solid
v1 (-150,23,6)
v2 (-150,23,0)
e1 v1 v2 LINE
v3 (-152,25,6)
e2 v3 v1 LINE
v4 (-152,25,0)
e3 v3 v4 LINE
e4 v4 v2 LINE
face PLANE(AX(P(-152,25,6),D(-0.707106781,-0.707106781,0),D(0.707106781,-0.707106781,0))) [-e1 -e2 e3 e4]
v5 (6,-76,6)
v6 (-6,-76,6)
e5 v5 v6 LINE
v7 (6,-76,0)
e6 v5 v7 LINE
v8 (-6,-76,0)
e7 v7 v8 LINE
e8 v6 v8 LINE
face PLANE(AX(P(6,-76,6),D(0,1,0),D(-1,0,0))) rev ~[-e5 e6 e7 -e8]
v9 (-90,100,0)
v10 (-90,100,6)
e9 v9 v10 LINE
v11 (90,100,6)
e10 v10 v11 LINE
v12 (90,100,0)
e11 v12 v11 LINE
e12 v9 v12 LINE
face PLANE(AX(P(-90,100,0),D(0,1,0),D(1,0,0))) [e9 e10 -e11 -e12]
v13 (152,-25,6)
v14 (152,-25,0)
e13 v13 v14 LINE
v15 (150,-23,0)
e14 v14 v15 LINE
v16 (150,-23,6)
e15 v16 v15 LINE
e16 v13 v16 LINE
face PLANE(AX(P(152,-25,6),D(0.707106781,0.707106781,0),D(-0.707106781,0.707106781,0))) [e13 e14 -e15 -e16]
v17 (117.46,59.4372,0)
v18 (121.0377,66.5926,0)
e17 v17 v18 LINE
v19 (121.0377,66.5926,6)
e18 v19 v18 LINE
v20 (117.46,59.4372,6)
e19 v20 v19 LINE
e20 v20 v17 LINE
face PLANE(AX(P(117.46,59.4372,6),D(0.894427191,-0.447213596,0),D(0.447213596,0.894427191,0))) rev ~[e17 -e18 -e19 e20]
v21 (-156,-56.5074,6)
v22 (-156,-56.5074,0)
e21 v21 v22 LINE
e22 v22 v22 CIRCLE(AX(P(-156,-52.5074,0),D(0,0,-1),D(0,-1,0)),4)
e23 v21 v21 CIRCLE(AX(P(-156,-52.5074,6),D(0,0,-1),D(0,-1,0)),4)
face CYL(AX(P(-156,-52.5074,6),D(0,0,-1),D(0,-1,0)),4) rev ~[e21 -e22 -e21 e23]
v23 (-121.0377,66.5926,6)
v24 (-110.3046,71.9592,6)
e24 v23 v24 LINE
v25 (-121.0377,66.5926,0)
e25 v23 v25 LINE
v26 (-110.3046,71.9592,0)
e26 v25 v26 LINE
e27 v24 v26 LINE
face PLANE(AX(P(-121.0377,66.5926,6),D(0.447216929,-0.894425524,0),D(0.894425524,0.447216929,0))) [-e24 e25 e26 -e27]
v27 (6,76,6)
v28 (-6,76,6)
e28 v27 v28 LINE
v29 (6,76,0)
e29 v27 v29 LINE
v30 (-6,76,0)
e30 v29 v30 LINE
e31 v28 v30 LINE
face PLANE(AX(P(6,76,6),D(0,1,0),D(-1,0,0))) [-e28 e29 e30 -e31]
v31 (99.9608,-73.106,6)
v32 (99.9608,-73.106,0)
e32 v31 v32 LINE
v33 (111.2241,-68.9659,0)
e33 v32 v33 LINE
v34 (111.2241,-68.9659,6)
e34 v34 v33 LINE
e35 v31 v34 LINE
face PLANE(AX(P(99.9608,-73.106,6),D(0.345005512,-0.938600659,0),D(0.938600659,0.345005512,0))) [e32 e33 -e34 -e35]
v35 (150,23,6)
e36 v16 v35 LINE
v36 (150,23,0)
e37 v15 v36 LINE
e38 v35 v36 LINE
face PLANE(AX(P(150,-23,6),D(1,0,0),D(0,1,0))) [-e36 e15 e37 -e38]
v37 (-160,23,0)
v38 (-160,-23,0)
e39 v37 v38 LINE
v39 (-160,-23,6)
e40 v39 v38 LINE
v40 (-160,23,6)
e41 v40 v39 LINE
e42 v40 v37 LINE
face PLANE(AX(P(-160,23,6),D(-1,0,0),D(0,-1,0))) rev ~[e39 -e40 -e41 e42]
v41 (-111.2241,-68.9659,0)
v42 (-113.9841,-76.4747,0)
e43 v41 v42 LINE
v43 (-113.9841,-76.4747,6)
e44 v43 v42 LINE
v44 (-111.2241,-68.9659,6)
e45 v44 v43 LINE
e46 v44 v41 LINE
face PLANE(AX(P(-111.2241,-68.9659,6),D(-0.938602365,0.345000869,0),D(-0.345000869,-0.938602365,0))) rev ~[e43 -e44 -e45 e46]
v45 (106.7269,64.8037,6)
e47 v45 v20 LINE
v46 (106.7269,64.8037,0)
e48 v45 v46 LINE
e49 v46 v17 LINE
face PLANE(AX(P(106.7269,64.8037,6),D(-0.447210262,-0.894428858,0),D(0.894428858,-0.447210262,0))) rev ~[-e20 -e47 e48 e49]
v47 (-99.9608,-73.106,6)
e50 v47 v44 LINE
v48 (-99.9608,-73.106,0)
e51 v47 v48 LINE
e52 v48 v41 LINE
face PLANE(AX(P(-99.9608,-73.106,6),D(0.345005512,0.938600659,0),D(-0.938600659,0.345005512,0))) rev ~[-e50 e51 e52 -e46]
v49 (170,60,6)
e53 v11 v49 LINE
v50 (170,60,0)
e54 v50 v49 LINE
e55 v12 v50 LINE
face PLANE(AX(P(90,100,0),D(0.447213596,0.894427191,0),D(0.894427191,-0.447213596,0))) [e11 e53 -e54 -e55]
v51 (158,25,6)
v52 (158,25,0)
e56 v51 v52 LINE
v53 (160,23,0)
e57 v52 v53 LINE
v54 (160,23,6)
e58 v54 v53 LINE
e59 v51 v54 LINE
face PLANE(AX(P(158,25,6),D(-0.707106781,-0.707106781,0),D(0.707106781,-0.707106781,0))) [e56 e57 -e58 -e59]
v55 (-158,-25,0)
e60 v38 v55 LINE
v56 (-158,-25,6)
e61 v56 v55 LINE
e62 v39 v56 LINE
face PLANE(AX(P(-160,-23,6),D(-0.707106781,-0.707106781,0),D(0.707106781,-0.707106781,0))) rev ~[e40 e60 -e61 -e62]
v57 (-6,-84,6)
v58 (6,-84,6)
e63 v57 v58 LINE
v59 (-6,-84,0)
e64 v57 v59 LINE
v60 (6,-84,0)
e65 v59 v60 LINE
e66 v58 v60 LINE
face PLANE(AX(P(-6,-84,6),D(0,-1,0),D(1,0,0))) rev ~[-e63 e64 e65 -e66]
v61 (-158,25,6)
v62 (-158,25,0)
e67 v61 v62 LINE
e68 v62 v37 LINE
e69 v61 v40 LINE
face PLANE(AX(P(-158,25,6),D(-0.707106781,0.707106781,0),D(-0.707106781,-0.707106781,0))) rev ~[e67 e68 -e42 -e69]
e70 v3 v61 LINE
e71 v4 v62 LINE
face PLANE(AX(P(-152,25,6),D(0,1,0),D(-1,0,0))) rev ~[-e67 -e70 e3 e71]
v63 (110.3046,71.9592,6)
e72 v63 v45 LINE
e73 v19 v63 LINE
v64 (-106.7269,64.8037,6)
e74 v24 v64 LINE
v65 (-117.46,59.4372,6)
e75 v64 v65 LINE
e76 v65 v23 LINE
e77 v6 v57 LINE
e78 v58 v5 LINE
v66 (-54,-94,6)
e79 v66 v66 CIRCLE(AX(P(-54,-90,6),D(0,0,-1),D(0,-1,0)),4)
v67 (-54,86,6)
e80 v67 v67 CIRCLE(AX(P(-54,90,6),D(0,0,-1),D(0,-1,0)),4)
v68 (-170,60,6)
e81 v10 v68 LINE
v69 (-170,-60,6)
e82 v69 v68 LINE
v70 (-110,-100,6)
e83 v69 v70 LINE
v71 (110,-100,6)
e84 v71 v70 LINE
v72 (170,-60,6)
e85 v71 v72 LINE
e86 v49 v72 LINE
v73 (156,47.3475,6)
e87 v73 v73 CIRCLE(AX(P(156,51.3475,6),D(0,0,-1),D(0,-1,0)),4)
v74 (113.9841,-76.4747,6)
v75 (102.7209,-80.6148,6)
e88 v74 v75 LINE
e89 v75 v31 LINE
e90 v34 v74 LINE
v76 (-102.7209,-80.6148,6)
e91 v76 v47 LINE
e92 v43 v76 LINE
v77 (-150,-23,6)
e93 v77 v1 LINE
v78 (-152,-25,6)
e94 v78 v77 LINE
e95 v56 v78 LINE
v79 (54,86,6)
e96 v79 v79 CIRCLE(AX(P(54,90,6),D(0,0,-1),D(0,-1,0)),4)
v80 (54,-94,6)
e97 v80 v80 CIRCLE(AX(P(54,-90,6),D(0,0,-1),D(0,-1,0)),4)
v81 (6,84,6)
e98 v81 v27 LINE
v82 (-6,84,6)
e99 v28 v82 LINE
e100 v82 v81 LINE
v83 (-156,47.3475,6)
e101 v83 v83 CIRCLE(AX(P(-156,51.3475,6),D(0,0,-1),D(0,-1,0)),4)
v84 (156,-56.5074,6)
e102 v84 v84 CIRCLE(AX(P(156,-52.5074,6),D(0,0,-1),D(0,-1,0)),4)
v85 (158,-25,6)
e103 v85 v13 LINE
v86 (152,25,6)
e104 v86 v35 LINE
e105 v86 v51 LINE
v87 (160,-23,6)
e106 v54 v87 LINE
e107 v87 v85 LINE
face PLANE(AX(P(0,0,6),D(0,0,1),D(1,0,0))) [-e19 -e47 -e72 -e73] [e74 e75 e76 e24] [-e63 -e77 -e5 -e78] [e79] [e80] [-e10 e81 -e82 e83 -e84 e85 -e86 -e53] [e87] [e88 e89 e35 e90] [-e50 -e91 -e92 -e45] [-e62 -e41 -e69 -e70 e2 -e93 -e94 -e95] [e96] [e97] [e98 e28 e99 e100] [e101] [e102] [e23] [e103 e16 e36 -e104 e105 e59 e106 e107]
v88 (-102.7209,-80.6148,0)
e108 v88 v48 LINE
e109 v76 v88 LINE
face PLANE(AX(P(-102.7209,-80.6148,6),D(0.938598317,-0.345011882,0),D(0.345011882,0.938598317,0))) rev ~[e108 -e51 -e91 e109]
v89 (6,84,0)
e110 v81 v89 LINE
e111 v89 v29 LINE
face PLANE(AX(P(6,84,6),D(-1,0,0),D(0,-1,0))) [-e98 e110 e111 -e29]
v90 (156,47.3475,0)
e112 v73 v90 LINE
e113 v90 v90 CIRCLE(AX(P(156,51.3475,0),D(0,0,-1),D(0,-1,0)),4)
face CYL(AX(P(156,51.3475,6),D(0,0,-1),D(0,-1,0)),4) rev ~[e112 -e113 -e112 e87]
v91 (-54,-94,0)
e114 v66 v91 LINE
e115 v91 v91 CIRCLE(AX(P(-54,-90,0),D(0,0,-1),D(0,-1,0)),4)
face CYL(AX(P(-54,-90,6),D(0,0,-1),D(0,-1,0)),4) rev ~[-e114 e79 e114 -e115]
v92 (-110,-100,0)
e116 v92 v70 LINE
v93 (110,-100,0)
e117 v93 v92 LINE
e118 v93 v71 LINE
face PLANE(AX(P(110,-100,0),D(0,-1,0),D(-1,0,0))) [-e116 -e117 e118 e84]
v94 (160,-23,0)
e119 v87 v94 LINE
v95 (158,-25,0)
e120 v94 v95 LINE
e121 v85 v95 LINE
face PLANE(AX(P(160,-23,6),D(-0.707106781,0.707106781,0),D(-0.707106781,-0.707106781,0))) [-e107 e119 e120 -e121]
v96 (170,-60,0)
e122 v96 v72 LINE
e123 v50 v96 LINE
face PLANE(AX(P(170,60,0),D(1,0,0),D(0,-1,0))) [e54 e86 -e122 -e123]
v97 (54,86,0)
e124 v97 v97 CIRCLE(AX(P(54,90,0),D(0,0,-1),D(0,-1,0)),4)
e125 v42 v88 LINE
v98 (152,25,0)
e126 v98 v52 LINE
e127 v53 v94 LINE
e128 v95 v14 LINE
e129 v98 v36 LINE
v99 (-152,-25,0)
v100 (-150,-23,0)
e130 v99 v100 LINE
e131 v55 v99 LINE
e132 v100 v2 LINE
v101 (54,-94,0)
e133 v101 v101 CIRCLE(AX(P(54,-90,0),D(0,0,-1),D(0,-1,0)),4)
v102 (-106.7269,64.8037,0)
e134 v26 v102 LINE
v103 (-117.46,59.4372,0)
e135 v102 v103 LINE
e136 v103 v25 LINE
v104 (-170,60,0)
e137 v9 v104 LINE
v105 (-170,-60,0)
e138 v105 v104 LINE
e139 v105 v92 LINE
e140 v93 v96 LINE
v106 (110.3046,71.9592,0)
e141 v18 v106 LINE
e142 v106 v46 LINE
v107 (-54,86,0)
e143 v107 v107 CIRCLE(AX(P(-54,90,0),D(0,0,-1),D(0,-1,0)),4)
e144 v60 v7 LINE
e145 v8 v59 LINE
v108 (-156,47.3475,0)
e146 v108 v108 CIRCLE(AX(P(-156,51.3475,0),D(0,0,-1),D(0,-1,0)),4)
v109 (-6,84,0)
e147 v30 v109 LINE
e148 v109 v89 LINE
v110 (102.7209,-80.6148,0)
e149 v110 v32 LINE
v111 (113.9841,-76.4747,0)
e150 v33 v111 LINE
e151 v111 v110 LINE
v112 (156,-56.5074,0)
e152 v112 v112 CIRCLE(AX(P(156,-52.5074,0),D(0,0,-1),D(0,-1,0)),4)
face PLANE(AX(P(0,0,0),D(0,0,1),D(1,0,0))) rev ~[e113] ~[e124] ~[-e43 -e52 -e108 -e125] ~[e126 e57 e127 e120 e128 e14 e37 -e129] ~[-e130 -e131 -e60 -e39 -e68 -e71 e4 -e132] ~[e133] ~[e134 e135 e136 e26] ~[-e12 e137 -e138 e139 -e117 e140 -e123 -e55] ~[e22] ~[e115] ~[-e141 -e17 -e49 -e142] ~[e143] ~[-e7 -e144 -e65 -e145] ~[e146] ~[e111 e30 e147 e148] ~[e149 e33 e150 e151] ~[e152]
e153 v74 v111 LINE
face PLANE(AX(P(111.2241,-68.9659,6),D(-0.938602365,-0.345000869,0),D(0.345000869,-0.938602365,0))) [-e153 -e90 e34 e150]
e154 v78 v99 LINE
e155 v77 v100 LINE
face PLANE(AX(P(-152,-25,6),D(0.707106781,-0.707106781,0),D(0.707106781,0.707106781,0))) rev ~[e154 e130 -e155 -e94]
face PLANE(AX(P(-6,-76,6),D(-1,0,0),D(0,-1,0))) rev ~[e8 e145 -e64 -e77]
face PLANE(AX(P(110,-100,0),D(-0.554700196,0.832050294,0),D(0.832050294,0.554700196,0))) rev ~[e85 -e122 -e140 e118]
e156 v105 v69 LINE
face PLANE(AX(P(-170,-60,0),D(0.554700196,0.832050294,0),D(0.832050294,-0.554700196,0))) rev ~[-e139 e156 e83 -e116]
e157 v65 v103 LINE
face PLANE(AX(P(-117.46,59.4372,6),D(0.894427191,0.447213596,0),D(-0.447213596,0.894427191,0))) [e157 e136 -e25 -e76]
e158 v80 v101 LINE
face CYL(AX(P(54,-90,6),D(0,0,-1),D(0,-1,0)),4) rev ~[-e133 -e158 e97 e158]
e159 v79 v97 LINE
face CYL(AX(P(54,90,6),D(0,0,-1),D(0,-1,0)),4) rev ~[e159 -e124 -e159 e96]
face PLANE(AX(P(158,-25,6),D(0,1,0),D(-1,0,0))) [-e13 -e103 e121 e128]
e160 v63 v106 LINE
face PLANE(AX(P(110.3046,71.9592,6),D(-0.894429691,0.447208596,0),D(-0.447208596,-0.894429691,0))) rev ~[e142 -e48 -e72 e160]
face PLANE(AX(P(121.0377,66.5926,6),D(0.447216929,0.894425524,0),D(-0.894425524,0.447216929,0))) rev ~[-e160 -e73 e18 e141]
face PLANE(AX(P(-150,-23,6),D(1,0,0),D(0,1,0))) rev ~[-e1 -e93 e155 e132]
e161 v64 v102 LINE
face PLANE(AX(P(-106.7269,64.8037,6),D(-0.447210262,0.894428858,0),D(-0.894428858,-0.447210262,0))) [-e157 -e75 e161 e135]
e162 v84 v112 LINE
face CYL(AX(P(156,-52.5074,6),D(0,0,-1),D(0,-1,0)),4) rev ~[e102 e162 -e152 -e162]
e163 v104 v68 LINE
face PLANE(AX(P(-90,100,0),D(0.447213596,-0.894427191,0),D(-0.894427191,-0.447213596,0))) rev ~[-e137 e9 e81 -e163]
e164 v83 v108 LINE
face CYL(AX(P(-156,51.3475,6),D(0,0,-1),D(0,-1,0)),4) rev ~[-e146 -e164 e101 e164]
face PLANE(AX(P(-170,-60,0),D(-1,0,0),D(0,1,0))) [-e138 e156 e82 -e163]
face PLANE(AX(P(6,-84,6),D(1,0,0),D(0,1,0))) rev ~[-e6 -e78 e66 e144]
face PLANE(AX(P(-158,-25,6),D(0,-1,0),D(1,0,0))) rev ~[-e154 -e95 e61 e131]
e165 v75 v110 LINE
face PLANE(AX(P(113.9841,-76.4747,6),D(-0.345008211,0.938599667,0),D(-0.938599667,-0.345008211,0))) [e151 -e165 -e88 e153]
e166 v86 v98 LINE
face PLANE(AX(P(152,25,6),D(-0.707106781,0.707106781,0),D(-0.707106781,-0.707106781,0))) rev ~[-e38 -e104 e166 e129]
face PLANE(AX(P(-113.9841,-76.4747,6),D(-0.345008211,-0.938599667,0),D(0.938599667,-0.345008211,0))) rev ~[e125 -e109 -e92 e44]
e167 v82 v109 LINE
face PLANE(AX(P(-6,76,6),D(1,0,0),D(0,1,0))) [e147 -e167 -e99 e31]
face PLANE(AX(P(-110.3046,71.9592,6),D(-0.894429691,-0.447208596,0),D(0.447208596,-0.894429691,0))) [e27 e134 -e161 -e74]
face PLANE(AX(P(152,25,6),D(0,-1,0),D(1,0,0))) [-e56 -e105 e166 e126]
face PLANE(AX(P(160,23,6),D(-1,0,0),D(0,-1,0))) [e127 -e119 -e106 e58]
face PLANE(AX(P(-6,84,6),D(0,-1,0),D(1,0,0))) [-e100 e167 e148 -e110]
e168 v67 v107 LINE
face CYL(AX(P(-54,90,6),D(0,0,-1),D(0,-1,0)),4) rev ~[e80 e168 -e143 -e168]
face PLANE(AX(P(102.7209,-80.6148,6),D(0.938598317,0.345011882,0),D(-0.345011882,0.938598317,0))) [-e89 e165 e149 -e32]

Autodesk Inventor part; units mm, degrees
ref_plane "YZ Plane" through (0, 0, 0) normal (1, 0, 0) x (0, 1, 0)
ref_plane "XZ Plane" through (0, 0, 0) normal (0, 1, 0) x (-1, 0, 0)
ref_plane "XY Plane" through (0, 0, 0) normal (0, 0, 1) x (1, 0, 0)
sketch "Esquisse1" plane through (0, 0, 0) normal (0, 0, 1) x (1, 0, 0)
  line L0 (110, -100) -> (-110, -100)
  line L1 (-170, -60) -> (-170, 60)
  line L2 (170, 60) -> (170, -60)
  line L3 (170, -100) -> (-170, 100) construction
  line L4 (-170, -100) -> (170, 100) construction
  line L5 (-90, 100) -> (-170, 60)
  line L6 (90, 100) -> (170, 60)
  line L7 (-170, -60) -> (-110, -100)
  line L8 (110, -100) -> (170, -60)
  line L9 (-90, 100) -> (90, 100)
  point P0 (0, 0)
  point P1 (0, 0)
  dimension "d0" = 340
  dimension "d1" = 80
  dimension "d2" = 40
  dimension "d3" = 80
  dimension "d4" = 40
  dimension "d5" = 40
  dimension "d6" = 60
  dimension "d7" = 60
  dimension "d8" = 40
  dimension "d17" = 100
extrude "Extrusion1" add sketch "Esquisse1" along normal blind 6
sketch "Esquisse2" plane through (0, 0, 6) normal (0, 0, 1) x (1, 0, 0)
  line L0 (-54, 90) -> (54, 90)
  line L1 (-156, 0) -> (156, 0)
  line L2 (-170, 60) -> (-170, -60)
  line L3 (170, -60) -> (170, 60)
  line L4 (-110, -100) -> (110, -100)
  line L5 (90, 100) -> (-69, 100)
  line L6 (-156, 0) -> (-156, 51.3475)
  line L7 (-156, 0) -> (-156, -52.5074)
  line L8 (156, 0) -> (156, 51.3475)
  line L9 (156, 0) -> (156, -52.5074)
  line L10 (170, 60) -> (90, 100) projected
  line L11 (110, -100) -> (170, -60) projected
  line L12 (-170, -60) -> (-110, -100) projected
  line L13 (-90, 100) -> (-170, 60) projected
  line L14 (90, 100) -> (-90, 100) projected
  point P0 (0, 0)
  point P1 (0, 0)
  point P2 (-54, -90)
  point P3 (54, -90)
  point P4 (0, 0)
  dimension "d21" = 14
  dimension "d22" = 14
  dimension "d23" = 10
  dimension "d24" = 108
  dimension "d25" = 54
  dimension "d29" = 108
  dimension "d30" = 10
  dimension "d31" = 10
  dimension "d32" = 56
  dimension "d34" = 56
  dimension "d42" = 14
  dimension "d43" = 14
  dimension "d44" = 14
  dimension "d45" = 14
hole "Perçage1" at (-156, -52.5074, 6) at (-156, 51.3475, 6) at (-54, 90, 6) at (54, 90, 6) at (156, 51.3475, 6) at (156, -52.5074, 6) at (54, -90, 6) at (-54, -90, 6) direction (0, 0, -1) diameter 8 end through all
sketch "Esquisse3" plane through (0, 0, 6) normal (0, 0, 1) x (1, 0, 0)
  line L0 (-6, 84) -> (6, 84)
  line L1 (6, 84) -> (6, 76)
  line L2 (6, 76) -> (-6, 76)
  line L3 (-6, 76) -> (-6, 84)
  line L4 (-121.0377, 66.5926) -> (-110.3046, 71.9592)
  line L5 (-110.3046, 71.9592) -> (-106.7269, 64.8037)
  line L6 (-106.7269, 64.8037) -> (-117.46, 59.4372)
  line L7 (-117.46, 59.4372) -> (-121.0377, 66.5926)
  line L8 (-113.9841, -76.4747) -> (-102.7209, -80.6148)
  line L9 (-102.7209, -80.6148) -> (-99.9608, -73.106)
  line L10 (-99.9608, -73.106) -> (-111.2241, -68.9659)
  line L11 (-111.2241, -68.9659) -> (-113.9841, -76.4747)
  line L12 (-90, 100) -> (-170, 60) projected
  circle A0 centre (-156, 51.3475) radius 4 projected
  circle A1 centre (-156, -52.5074) radius 4 projected
  circle A2 centre (-54, -90) radius 4 projected
  line L13 (-156, -52.5074) -> (-54, -90)
  line L14 (0, 0) -> (0, -39.4059)
  line L15 (0, 0) -> (52.1624, 0)
  line L16 (121.0377, 66.5926) -> (110.3046, 71.9592)
  line L17 (110.3046, 71.9592) -> (106.7269, 64.8037)
  line L18 (106.7269, 64.8037) -> (117.46, 59.4372)
  line L19 (117.46, 59.4372) -> (121.0377, 66.5926)
  line L20 (113.9841, -76.4747) -> (102.7209, -80.6148)
  line L21 (102.7209, -80.6148) -> (99.9608, -73.106)
  line L22 (99.9608, -73.106) -> (111.2241, -68.9659)
  line L23 (111.2241, -68.9659) -> (113.9841, -76.4747)
  line L24 (156, -52.5074) -> (54, -90)
  line L25 (90, 100) -> (-90, 100) projected
  line L26 (-6, -84) -> (6, -84)
  line L27 (6, -84) -> (6, -76)
  line L28 (6, -76) -> (-6, -76)
  line L29 (-6, -76) -> (-6, -84)
  dimension "d46" = 16
  dimension "d47" = 24
  dimension "d48" = 12
  dimension "d49" = 38.089
  dimension "d52" = 8
  dimension "d53" = 12
  dimension "d54" = 47.705
  dimension "d55" = 12
  dimension "d56" = 8
  dimension "d57" = 6
  dimension "d58" = 16
extrude "Extrusion2" cut sketch "Esquisse3" against normal blind 10 contours L0 L1 L2 L3 | L4 L5 L6 L7 | L11 L10 L9 L8 | L19 L18 L17 L16 | L20 L21 L22 L23 | L29 L28 L27 L26
sketch "Esquisse4" plane through (0, 0, 6) normal (0, 0, 1) x (1, 0, 0)
  line L0 (0, 0) -> (0, 42.3404)
  line L1 (-152, 25) -> (-158, 25)
  line L2 (-160, 23) -> (-160, -23)
  line L3 (-158, -25) -> (-152, -25)
  line L4 (-150, -23) -> (-150, 23)
  line L5 (-158, 25) -> (-160, 23)
  line L6 (-152, 25) -> (-150, 23)
  line L7 (-152, -25) -> (-150, -23)
  line L8 (-160, -23) -> (-158, -25)
  line L9 (152, 25) -> (158, 25)
  line L10 (160, 23) -> (160, -23)
  line L11 (158, -25) -> (152, -25)
  line L12 (150, -23) -> (150, 23)
  line L13 (158, 25) -> (160, 23)
  line L14 (152, 25) -> (150, 23)
  line L15 (152, -25) -> (150, -23)
  line L16 (160, -23) -> (158, -25)
  point P0 (-150, 25)
  point P1 (-160, -25)
  point P2 (-160, 25)
  point P3 (-150, -25)
  point P4 (150, 25)
  point P5 (160, -25)
  point P6 (160, 25)
  point P7 (150, -25)
  dimension "d59" = 10
  dimension "d60" = 150
  dimension "d61" = 50
  dimension "d62" = 25
  dimension "d63" = 2
  dimension "d64" = 2
  dimension "d65" = 2
  dimension "d66" = 2
  dimension "d67" = 2
  dimension "d68" = 2
  dimension "d69" = 2
  dimension "d70" = 2
extrude "Extrusion3" cut sketch "Esquisse4" against normal blind 10
equation "\"d64\" = d63"
equation "\"d65\" = d63"
equation "\"d66\" = d65"
equation "\"d67\" = d63"
equation "\"d68\" = d67"
equation "\"d69\" = d63"
equation "\"d70\" = d69"
properties part number "Support_Carte"
